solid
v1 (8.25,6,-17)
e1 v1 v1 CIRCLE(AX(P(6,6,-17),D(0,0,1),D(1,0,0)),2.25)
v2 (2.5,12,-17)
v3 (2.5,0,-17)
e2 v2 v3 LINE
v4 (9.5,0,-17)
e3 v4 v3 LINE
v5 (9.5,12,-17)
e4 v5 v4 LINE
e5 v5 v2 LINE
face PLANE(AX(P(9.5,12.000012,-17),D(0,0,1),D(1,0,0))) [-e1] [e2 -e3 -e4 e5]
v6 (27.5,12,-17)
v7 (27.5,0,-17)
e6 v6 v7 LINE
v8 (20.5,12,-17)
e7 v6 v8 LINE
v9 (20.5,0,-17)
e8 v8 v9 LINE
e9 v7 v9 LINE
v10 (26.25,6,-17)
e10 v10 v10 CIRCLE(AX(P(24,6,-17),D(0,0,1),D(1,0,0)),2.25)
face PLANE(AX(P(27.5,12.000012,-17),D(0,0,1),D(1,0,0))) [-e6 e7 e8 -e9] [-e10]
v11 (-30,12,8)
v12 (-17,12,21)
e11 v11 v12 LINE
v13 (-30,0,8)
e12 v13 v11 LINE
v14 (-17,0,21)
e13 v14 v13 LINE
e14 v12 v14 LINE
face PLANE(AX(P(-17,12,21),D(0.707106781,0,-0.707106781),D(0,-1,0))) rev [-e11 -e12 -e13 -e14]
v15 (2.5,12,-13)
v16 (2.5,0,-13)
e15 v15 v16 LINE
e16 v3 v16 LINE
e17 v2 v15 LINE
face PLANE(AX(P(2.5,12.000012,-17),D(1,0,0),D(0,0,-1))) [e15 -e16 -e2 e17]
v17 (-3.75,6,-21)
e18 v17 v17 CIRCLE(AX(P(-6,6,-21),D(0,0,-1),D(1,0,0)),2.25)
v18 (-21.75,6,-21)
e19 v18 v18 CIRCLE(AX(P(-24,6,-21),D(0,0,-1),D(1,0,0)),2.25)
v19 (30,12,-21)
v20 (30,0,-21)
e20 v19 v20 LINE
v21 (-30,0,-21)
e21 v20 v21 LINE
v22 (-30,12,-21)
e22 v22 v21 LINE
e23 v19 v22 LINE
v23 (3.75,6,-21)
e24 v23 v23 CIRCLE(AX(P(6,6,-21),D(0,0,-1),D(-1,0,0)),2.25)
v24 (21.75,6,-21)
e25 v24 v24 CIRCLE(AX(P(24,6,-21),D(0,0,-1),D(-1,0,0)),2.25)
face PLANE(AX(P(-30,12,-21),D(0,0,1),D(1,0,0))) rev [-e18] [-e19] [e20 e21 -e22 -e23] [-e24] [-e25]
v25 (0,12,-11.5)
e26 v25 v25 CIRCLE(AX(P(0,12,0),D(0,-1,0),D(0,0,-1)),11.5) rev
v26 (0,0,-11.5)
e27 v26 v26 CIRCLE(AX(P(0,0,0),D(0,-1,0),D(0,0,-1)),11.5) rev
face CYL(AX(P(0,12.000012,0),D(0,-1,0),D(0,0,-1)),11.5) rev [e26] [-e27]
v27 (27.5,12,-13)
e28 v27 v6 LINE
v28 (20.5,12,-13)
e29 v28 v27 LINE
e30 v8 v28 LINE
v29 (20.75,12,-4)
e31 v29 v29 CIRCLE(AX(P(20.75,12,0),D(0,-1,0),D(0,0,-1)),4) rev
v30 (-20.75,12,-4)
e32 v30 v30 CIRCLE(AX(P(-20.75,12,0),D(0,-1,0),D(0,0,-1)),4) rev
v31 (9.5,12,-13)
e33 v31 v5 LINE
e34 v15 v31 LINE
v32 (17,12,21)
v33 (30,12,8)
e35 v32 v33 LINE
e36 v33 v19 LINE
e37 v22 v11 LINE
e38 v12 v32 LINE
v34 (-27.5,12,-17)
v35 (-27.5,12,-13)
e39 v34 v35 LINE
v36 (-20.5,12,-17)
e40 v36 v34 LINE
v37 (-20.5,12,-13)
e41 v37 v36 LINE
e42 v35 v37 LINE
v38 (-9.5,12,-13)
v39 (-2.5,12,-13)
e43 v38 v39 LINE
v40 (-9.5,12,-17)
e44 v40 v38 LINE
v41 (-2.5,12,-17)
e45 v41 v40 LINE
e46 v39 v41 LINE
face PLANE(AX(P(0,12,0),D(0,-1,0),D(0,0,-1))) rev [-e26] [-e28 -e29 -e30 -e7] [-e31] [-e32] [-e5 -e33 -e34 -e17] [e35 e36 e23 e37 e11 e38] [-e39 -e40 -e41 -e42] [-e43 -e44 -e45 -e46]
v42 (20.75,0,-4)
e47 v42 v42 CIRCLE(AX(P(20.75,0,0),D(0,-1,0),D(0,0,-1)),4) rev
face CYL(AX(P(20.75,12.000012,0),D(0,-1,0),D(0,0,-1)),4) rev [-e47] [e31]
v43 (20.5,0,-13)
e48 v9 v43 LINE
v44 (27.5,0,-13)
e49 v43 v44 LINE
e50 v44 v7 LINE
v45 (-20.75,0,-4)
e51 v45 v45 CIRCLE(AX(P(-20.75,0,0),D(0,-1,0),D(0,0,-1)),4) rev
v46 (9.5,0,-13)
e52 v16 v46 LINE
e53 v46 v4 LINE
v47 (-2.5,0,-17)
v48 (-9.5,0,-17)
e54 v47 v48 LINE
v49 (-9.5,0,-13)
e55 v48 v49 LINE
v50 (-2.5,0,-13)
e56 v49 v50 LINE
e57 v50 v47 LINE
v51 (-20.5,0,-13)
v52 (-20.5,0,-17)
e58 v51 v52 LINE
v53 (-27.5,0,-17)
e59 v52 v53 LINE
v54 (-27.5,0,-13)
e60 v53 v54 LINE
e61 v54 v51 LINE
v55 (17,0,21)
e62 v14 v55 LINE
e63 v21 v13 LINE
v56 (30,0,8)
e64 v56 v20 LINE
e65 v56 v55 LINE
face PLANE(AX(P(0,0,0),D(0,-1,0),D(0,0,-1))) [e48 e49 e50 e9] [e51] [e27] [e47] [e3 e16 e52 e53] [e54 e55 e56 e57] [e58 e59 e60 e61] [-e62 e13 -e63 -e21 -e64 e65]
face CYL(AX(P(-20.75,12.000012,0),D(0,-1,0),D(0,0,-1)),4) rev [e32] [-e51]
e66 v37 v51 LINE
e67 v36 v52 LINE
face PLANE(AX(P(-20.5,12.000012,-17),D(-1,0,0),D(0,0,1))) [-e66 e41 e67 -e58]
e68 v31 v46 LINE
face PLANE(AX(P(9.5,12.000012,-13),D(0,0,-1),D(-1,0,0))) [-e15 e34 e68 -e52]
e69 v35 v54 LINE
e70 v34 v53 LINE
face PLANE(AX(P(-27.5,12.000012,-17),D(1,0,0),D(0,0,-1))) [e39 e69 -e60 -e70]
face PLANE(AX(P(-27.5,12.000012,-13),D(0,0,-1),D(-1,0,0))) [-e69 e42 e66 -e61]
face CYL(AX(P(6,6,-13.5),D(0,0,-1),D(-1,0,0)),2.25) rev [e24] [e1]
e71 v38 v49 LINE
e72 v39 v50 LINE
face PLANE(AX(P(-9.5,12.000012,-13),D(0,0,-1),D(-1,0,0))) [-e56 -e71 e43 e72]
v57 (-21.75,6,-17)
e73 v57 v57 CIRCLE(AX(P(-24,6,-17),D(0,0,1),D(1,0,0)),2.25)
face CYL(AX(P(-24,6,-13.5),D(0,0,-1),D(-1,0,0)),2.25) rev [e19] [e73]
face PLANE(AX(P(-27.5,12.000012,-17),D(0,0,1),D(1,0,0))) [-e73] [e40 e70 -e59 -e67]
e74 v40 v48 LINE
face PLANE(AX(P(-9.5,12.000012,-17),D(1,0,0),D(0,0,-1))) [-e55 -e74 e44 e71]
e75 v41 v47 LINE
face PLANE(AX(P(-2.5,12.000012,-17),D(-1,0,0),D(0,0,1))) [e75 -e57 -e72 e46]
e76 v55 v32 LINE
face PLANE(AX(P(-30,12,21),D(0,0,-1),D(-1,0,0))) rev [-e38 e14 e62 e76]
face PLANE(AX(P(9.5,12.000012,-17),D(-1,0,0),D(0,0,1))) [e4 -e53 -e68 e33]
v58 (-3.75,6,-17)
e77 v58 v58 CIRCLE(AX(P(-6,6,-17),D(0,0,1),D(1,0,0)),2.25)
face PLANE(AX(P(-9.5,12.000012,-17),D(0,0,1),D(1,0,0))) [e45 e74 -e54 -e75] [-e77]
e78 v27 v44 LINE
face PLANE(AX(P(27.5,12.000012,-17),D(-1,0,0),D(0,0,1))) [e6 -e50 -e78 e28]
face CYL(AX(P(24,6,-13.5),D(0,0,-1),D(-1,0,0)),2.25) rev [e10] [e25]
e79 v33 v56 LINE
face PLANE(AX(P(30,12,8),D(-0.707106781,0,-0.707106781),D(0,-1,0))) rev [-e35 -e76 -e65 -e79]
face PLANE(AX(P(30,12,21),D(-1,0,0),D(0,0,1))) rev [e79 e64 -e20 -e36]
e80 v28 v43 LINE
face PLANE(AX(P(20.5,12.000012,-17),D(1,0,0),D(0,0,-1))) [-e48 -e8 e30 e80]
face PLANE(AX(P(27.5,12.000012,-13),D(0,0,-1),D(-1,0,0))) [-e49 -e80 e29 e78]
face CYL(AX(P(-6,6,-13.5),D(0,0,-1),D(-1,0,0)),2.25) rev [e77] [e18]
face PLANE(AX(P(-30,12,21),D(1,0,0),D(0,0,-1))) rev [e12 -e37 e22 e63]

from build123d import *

# Parameters (mm, degrees)
SKETCH1_W                      = 60
SKETCH1_H                      = 42
BOSS_EXTRUDE1_DEPTH            = 12
CUT_EXTRUDE2_REACH             = 14
SKETCH3_R                      = 11.5
SKETCH3_R_2                    = 4
CUT_EXTRUDE2_DIRECTION_2_DEPTH = 1
CHAMFER1_SIZE                  = 13
CUT_EXTRUDE4_REACH             = 14
SKETCH5_W                      = 7
SKETCH5_H                      = 4
CUT_EXTRUDE4_DIRECTION_2_DEPTH = 1
SKETCH4_R                      = 2.25
CUT_EXTRUDE3_DEPTH             = 7.5


with BuildPart() as part:
    # Sketch1 → Boss-Extrude1 (new body)
    with BuildSketch(Plane(origin=(0, 0, 0), x_dir=(1, 0, 0), z_dir=(0, 1, 0))):
        Rectangle(SKETCH1_W, SKETCH1_H)
    extrude(amount=BOSS_EXTRUDE1_DEPTH)

    # Sketch3 → Cut-Extrude2 (cut, up to next)
    with BuildSketch(Plane(origin=(0, 12, 0), x_dir=(1, 0, 0), z_dir=(0, 1, 0)), mode=Mode.PRIVATE) as cut_extrude2_sk1:
        Circle(SKETCH3_R)
    cut_extrude2_tool1 = extrude(cut_extrude2_sk1.sketch, amount=-CUT_EXTRUDE2_REACH, mode=Mode.PRIVATE) & part.part
    add(cut_extrude2_tool1.solids().sort_by_distance((0, 12, 0))[0], mode=Mode.SUBTRACT)
    # Sketch3 → Cut-Extrude2 (cut, up to next)
    with BuildSketch(Plane(origin=(0, 12, 0), x_dir=(1, 0, 0), z_dir=(0, 1, 0)), mode=Mode.PRIVATE) as cut_extrude2_sk2:
        with Locations((20.75, 0)):
            Circle(SKETCH3_R_2)
    cut_extrude2_tool2 = extrude(cut_extrude2_sk2.sketch, amount=-CUT_EXTRUDE2_REACH, mode=Mode.PRIVATE) & part.part
    add(cut_extrude2_tool2.solids().sort_by_distance((20.75, 12, 0))[0], mode=Mode.SUBTRACT)
    # Sketch3 → Cut-Extrude2 (cut, up to next)
    with BuildSketch(Plane(origin=(0, 12, 0), x_dir=(1, 0, 0), z_dir=(0, 1, 0)), mode=Mode.PRIVATE) as cut_extrude2_sk3:
        with Locations((-20.75, 0)):
            Circle(SKETCH3_R_2)
    cut_extrude2_tool3 = extrude(cut_extrude2_sk3.sketch, amount=-CUT_EXTRUDE2_REACH, mode=Mode.PRIVATE) & part.part
    add(cut_extrude2_tool3.solids().sort_by_distance((-20.75, 12, 0))[0], mode=Mode.SUBTRACT)

    # Sketch3 → Cut-Extrude2 direction 2 (cut)
    with BuildSketch(Plane(origin=(0, 12, 0), x_dir=(1, 0, 0), z_dir=(0, 1, 0))):
        Circle(SKETCH3_R)
        with Locations((20.75, 0)):
            Circle(SKETCH3_R_2)
        with Locations((-20.75, 0)):
            Circle(SKETCH3_R_2)
    extrude(amount=CUT_EXTRUDE2_DIRECTION_2_DEPTH, mode=Mode.SUBTRACT)

    # Chamfer1
    chamfer1_edges = [part.edges().sort_by_distance(p)[0] for p in [
        (30, 6, 21),
        (-30, 6, 21),
    ]]
    chamfer(chamfer1_edges, length=CHAMFER1_SIZE)

    # Sketch5 → Cut-Extrude4 (cut, up to next)
    with BuildSketch(Plane(origin=(0, 12, 0), x_dir=(1, 0, 0), z_dir=(0, 1, 0)), mode=Mode.PRIVATE) as cut_extrude4_sk1:
        with Locations((24, 15)):
            Rectangle(SKETCH5_W, SKETCH5_H)
    cut_extrude4_tool1 = extrude(cut_extrude4_sk1.sketch, amount=-CUT_EXTRUDE4_REACH, mode=Mode.PRIVATE) & part.part
    add(cut_extrude4_tool1.solids().sort_by_distance((24, 12, -15))[0], mode=Mode.SUBTRACT)
    # Sketch5 → Cut-Extrude4 (cut, up to next)
    with BuildSketch(Plane(origin=(0, 12, 0), x_dir=(1, 0, 0), z_dir=(0, 1, 0)), mode=Mode.PRIVATE) as cut_extrude4_sk2:
        with Locations((6, 15)):
            Rectangle(SKETCH5_W, SKETCH5_H)
    cut_extrude4_tool2 = extrude(cut_extrude4_sk2.sketch, amount=-CUT_EXTRUDE4_REACH, mode=Mode.PRIVATE) & part.part
    add(cut_extrude4_tool2.solids().sort_by_distance((6, 12, -15))[0], mode=Mode.SUBTRACT)
    # Sketch5 → Cut-Extrude4 (cut, up to next)
    with BuildSketch(Plane(origin=(0, 12, 0), x_dir=(1, 0, 0), z_dir=(0, 1, 0)), mode=Mode.PRIVATE) as cut_extrude4_sk3:
        with Locations((-6, 15)):
            Rectangle(SKETCH5_W, SKETCH5_H)
    cut_extrude4_tool3 = extrude(cut_extrude4_sk3.sketch, amount=-CUT_EXTRUDE4_REACH, mode=Mode.PRIVATE) & part.part
    add(cut_extrude4_tool3.solids().sort_by_distance((-6, 12, -15))[0], mode=Mode.SUBTRACT)
    # Sketch5 → Cut-Extrude4 (cut, up to next)
    with BuildSketch(Plane(origin=(0, 12, 0), x_dir=(1, 0, 0), z_dir=(0, 1, 0)), mode=Mode.PRIVATE) as cut_extrude4_sk4:
        with Locations((-24, 15)):
            Rectangle(SKETCH5_W, SKETCH5_H)
    cut_extrude4_tool4 = extrude(cut_extrude4_sk4.sketch, amount=-CUT_EXTRUDE4_REACH, mode=Mode.PRIVATE) & part.part
    add(cut_extrude4_tool4.solids().sort_by_distance((-24, 12, -15))[0], mode=Mode.SUBTRACT)

    # Sketch5 → Cut-Extrude4 direction 2 (cut)
    with BuildSketch(Plane(origin=(0, 12, 0), x_dir=(1, 0, 0), z_dir=(0, 1, 0))):
        with Locations((24, 15)):
            Rectangle(SKETCH5_W, SKETCH5_H)
        with Locations((6, 15)):
            Rectangle(SKETCH5_W, SKETCH5_H)
        with Locations((-6, 15)):
            Rectangle(SKETCH5_W, SKETCH5_H)
        with Locations((-24, 15)):
            Rectangle(SKETCH5_W, SKETCH5_H)
    extrude(amount=CUT_EXTRUDE4_DIRECTION_2_DEPTH, mode=Mode.SUBTRACT)

    # Sketch4 → Cut-Extrude3 (cut)
    with BuildSketch(Plane(origin=(0, 0, -21), x_dir=(-1, 0, 0), z_dir=(0, 0, -1))):
        with Locations((-24, 6)):
            Circle(SKETCH4_R)
        with Locations((-6, 6)):
            Circle(SKETCH4_R)
        with Locations((6, 6)):
            Circle(SKETCH4_R)
        with Locations((24, 6)):
            Circle(SKETCH4_R)
    extrude(amount=-CUT_EXTRUDE3_DEPTH, mode=Mode.SUBTRACT)


solid = part.part
